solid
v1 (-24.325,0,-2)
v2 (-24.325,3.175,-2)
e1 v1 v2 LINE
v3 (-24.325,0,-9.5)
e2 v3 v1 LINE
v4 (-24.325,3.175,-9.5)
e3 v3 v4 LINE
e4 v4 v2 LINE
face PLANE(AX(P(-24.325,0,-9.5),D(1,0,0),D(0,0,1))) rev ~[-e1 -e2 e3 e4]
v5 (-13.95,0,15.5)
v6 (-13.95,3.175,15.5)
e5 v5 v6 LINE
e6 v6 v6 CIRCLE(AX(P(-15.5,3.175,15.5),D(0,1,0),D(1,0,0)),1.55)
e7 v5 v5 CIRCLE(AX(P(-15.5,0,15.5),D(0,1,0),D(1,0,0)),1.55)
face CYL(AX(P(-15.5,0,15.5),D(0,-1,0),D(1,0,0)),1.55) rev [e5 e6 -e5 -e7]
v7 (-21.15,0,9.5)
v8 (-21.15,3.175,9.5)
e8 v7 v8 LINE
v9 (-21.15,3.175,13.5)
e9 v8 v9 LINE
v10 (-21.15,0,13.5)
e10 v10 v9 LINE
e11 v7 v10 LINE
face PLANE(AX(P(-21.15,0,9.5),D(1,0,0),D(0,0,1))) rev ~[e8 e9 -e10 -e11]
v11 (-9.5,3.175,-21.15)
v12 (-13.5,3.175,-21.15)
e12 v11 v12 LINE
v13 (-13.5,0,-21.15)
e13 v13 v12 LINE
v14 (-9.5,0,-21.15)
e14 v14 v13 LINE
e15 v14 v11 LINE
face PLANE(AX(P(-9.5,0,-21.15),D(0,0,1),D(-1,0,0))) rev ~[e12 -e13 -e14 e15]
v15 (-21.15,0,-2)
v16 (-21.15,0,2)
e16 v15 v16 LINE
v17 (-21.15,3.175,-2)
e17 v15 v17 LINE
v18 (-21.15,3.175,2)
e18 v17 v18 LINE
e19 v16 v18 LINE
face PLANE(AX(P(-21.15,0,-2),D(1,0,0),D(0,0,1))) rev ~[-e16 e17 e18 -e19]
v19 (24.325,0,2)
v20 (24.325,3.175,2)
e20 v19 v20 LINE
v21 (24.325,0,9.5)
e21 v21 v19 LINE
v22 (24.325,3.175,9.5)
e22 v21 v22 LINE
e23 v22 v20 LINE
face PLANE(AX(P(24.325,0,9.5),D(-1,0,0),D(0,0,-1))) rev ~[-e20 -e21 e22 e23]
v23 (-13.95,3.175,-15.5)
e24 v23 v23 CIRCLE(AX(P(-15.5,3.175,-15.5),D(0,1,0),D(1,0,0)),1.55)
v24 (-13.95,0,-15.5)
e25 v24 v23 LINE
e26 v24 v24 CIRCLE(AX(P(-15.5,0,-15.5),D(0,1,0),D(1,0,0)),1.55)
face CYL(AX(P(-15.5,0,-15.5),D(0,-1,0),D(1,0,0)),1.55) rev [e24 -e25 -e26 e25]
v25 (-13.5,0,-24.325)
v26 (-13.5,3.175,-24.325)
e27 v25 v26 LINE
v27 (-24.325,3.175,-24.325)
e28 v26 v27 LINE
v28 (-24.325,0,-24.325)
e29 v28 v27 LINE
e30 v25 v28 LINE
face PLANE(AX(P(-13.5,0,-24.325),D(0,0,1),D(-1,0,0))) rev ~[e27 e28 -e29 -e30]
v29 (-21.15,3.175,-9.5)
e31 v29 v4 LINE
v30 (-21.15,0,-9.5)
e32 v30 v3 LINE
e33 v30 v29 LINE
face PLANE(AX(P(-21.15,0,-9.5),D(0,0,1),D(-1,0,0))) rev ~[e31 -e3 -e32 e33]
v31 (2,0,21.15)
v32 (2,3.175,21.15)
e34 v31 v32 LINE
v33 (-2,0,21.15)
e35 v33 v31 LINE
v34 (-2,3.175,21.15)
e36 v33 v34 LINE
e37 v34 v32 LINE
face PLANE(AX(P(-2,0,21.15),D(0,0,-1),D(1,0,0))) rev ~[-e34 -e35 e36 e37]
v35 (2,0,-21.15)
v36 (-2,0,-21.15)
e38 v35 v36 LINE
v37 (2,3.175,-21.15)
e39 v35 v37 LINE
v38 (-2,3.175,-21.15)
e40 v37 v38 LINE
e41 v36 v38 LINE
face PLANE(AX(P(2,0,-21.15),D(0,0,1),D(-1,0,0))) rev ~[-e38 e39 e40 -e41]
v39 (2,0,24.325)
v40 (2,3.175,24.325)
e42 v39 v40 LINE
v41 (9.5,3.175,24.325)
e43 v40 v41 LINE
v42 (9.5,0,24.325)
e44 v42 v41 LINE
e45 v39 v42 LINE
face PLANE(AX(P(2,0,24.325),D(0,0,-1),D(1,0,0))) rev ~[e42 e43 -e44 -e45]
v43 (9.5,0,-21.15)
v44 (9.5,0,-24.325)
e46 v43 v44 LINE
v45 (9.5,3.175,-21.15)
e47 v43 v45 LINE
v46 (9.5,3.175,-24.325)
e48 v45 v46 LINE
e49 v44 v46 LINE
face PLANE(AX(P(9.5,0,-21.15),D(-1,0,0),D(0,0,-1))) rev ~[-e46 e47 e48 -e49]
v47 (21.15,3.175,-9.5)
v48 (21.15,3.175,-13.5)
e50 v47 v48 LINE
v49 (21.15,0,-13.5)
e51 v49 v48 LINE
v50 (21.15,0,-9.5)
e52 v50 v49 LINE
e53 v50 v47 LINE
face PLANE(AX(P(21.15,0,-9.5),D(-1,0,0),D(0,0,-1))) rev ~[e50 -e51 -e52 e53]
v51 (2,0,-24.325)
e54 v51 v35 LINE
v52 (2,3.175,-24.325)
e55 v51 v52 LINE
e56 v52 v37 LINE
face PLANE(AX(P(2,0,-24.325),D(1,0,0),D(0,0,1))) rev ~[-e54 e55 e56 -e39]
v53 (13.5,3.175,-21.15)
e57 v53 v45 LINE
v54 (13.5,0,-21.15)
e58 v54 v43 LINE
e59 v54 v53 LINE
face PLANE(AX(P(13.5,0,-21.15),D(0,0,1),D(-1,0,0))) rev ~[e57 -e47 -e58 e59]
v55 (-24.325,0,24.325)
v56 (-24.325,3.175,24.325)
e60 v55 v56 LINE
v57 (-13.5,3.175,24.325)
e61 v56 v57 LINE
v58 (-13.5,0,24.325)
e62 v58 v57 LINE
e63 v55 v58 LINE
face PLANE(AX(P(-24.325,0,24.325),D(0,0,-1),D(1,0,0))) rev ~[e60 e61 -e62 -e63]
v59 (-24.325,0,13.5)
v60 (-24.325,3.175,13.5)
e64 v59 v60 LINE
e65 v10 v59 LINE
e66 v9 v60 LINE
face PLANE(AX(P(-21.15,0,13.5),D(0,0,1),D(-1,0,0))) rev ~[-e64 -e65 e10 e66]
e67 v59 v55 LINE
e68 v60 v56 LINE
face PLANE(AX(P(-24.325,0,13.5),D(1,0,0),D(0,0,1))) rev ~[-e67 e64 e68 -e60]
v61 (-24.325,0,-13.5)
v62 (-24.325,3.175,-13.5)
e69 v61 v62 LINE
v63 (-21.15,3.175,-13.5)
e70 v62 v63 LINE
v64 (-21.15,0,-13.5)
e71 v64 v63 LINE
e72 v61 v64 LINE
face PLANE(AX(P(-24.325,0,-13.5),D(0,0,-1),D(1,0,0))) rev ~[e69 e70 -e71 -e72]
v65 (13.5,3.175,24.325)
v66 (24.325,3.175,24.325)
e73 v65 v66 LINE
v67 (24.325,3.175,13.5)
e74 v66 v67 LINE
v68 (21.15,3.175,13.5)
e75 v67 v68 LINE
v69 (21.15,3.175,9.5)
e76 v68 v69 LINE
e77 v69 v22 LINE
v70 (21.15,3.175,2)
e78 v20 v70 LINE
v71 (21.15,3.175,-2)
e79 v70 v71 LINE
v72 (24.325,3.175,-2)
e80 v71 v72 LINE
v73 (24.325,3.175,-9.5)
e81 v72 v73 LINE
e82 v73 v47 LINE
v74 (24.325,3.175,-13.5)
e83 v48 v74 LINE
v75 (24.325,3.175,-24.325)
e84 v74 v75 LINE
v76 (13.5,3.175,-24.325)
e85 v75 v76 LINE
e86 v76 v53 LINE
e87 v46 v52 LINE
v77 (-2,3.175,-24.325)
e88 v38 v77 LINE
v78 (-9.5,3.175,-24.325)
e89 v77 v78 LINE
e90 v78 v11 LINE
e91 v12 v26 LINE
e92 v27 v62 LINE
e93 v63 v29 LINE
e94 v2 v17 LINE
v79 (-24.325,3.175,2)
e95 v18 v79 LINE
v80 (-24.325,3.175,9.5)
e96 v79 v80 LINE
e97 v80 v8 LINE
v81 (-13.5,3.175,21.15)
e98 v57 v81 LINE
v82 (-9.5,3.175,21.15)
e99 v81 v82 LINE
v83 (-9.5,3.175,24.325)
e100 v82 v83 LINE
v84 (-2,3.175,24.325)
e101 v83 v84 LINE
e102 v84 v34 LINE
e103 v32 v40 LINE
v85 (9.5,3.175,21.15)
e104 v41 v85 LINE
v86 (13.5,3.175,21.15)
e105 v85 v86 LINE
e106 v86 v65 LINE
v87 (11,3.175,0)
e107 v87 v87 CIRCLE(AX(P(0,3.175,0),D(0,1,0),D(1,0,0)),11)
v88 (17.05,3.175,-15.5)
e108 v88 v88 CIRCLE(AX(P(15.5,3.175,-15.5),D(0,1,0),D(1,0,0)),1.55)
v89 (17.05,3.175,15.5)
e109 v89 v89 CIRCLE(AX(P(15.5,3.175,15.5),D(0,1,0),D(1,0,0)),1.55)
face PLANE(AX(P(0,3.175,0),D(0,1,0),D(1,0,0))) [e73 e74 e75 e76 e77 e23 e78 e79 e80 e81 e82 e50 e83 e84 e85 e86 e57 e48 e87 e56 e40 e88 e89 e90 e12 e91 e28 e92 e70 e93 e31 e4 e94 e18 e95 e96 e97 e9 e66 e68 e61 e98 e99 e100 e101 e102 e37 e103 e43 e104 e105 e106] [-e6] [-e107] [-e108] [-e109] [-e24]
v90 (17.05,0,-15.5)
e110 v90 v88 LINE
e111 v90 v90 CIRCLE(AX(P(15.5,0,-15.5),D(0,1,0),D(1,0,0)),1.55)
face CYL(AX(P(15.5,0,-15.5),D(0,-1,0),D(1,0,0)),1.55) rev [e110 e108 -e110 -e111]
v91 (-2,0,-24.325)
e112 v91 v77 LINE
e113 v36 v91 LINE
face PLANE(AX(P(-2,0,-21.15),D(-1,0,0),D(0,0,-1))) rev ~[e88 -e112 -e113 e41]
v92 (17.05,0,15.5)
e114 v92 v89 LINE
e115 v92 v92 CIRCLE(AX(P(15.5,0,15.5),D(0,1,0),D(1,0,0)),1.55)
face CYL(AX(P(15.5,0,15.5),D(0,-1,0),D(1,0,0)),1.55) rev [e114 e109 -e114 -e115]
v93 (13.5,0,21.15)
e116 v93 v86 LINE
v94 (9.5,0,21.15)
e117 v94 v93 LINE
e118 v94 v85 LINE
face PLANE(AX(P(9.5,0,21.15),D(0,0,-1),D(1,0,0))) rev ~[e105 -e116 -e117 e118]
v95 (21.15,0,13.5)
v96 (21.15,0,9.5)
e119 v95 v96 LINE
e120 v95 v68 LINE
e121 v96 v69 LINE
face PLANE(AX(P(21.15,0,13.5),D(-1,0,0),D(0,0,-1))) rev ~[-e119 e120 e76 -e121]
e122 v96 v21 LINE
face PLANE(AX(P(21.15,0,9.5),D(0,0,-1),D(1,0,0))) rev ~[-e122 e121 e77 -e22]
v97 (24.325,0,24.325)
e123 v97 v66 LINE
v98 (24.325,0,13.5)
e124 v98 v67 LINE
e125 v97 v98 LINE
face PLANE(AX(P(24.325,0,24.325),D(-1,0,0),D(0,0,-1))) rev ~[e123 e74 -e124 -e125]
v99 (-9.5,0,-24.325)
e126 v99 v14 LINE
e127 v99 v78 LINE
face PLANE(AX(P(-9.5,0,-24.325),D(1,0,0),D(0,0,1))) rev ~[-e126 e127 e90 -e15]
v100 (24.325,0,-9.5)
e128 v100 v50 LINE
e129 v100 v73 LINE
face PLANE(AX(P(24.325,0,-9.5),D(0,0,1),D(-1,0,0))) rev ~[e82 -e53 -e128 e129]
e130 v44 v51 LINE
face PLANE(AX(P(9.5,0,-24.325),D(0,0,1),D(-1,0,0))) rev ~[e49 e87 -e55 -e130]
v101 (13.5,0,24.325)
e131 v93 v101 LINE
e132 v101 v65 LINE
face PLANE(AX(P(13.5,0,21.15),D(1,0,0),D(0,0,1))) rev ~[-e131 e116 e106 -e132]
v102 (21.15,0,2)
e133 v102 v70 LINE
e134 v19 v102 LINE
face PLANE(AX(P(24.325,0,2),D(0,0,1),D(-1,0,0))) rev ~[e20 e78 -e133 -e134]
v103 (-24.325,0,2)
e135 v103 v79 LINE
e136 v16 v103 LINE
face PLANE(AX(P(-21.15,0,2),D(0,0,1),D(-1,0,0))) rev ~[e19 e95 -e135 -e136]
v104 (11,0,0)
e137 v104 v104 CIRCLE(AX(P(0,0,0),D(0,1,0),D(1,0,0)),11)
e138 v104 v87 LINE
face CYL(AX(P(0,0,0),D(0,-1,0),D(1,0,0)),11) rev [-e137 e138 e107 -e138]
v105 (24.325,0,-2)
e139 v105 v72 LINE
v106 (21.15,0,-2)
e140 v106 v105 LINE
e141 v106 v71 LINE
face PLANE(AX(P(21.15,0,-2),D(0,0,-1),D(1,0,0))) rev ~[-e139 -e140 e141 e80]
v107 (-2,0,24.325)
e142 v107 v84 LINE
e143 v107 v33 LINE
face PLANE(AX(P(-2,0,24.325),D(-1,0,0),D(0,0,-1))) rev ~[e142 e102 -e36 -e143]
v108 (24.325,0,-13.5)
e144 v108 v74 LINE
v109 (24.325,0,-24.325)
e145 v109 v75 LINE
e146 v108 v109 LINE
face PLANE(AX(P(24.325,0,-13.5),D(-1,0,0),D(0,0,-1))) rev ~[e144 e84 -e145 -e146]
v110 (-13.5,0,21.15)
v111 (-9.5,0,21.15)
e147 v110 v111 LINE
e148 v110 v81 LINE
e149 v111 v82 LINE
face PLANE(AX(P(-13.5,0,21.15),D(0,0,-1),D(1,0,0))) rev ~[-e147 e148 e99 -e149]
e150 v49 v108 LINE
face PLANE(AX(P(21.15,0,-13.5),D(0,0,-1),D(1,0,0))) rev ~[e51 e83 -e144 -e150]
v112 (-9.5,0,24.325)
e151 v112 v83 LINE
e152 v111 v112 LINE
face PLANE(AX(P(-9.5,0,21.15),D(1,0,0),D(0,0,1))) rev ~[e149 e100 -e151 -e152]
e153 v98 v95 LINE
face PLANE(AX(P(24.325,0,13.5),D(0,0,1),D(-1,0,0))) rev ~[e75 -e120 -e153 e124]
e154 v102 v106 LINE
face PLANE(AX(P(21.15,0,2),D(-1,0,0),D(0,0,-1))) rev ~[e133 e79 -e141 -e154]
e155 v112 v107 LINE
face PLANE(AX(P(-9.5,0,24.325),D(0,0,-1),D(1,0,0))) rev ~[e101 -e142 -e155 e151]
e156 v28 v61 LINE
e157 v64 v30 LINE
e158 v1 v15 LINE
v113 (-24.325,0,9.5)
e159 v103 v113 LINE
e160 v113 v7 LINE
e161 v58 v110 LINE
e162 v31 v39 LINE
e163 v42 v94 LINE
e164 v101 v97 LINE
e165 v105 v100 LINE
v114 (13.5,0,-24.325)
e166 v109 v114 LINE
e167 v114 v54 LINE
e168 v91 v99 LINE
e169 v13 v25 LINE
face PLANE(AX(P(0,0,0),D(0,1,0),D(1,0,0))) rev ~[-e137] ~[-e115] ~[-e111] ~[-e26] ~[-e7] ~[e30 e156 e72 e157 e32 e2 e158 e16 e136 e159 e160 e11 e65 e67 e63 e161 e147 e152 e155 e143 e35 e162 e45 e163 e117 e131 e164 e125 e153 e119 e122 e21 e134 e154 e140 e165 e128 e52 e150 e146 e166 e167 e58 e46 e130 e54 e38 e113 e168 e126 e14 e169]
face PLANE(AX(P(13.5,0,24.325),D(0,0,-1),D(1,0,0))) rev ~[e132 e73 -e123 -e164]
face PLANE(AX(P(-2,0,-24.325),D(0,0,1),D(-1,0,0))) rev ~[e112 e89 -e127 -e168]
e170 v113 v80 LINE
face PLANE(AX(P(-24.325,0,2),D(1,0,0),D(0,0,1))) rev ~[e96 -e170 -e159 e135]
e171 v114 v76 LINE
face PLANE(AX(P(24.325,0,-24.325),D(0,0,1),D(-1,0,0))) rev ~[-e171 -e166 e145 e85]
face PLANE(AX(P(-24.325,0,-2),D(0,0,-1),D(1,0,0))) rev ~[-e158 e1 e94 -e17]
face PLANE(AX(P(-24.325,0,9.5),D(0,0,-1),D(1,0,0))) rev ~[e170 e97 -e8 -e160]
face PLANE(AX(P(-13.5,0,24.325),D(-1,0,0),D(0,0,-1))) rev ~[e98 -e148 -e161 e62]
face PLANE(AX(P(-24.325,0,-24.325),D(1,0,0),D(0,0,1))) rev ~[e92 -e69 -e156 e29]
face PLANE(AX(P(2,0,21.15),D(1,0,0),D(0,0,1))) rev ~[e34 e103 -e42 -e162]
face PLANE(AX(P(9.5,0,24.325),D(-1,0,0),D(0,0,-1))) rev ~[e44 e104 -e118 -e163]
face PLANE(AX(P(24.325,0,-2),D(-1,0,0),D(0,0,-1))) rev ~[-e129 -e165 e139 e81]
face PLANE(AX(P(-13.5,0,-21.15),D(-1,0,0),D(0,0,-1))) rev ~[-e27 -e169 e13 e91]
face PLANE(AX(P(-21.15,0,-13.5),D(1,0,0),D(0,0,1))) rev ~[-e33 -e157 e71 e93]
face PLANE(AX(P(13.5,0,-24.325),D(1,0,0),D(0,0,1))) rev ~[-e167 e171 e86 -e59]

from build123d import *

# Parameters (mm, degrees)
SKETCH2_R           = 1.55
SKETCH2_R_2         = 11
BOSS_EXTRUDE1_DEPTH = 3.175


with BuildPart() as part:
    # Sketch2 → Boss-Extrude1 (new body)
    with BuildSketch(Plane(origin=(0, 0, 0), x_dir=(1, 0, 0), z_dir=(0, 1, 0))):
        Polygon((24.325, 2), (24.325, 9.5), (21.15, 9.5), (21.15, 13.5), (24.325, 13.5), (24.325, 24.325), (13.5, 24.325), (13.5, 21.15), (9.5, 21.15), (9.5, 24.325), (2, 24.325), (2, 21.15), (-2, 21.15), (-2, 24.325), (-9.5, 24.325), (-9.5, 21.15), (-13.5, 21.15), (-13.5, 24.325), (-24.325, 24.325), (-24.325, 13.5), (-21.15, 13.5), (-21.15, 9.5), (-24.325, 9.5), (-24.325, 2), (-21.15, 2), (-21.15, -2), (-24.325, -2), (-24.325, -9.5), (-21.15, -9.5), (-21.15, -13.5), (-24.325, -13.5), (-24.325, -24.325), (-13.5, -24.325), (-13.5, -21.15), (-9.5, -21.15), (-9.5, -24.325), (-2, -24.325), (-2, -21.15), (2, -21.15), (2, -24.325), (9.5, -24.325), (9.5, -21.15), (13.5, -21.15), (13.5, -24.325), (24.325, -24.325), (24.325, -13.5), (21.15, -13.5), (21.15, -9.5), (24.325, -9.5), (24.325, -2), (21.15, -2), (21.15, 2), align=None)
        with Locations((-15.5, -15.5)):
            Circle(SKETCH2_R, mode=Mode.SUBTRACT)
        with Locations((15.5, -15.5)):
            Circle(SKETCH2_R, mode=Mode.SUBTRACT)
        Circle(SKETCH2_R_2, mode=Mode.SUBTRACT)
        with Locations((-15.5, 15.5)):
            Circle(SKETCH2_R, mode=Mode.SUBTRACT)
        with Locations((15.5, 15.5)):
            Circle(SKETCH2_R, mode=Mode.SUBTRACT)
    extrude(amount=BOSS_EXTRUDE1_DEPTH)


solid = part.part
